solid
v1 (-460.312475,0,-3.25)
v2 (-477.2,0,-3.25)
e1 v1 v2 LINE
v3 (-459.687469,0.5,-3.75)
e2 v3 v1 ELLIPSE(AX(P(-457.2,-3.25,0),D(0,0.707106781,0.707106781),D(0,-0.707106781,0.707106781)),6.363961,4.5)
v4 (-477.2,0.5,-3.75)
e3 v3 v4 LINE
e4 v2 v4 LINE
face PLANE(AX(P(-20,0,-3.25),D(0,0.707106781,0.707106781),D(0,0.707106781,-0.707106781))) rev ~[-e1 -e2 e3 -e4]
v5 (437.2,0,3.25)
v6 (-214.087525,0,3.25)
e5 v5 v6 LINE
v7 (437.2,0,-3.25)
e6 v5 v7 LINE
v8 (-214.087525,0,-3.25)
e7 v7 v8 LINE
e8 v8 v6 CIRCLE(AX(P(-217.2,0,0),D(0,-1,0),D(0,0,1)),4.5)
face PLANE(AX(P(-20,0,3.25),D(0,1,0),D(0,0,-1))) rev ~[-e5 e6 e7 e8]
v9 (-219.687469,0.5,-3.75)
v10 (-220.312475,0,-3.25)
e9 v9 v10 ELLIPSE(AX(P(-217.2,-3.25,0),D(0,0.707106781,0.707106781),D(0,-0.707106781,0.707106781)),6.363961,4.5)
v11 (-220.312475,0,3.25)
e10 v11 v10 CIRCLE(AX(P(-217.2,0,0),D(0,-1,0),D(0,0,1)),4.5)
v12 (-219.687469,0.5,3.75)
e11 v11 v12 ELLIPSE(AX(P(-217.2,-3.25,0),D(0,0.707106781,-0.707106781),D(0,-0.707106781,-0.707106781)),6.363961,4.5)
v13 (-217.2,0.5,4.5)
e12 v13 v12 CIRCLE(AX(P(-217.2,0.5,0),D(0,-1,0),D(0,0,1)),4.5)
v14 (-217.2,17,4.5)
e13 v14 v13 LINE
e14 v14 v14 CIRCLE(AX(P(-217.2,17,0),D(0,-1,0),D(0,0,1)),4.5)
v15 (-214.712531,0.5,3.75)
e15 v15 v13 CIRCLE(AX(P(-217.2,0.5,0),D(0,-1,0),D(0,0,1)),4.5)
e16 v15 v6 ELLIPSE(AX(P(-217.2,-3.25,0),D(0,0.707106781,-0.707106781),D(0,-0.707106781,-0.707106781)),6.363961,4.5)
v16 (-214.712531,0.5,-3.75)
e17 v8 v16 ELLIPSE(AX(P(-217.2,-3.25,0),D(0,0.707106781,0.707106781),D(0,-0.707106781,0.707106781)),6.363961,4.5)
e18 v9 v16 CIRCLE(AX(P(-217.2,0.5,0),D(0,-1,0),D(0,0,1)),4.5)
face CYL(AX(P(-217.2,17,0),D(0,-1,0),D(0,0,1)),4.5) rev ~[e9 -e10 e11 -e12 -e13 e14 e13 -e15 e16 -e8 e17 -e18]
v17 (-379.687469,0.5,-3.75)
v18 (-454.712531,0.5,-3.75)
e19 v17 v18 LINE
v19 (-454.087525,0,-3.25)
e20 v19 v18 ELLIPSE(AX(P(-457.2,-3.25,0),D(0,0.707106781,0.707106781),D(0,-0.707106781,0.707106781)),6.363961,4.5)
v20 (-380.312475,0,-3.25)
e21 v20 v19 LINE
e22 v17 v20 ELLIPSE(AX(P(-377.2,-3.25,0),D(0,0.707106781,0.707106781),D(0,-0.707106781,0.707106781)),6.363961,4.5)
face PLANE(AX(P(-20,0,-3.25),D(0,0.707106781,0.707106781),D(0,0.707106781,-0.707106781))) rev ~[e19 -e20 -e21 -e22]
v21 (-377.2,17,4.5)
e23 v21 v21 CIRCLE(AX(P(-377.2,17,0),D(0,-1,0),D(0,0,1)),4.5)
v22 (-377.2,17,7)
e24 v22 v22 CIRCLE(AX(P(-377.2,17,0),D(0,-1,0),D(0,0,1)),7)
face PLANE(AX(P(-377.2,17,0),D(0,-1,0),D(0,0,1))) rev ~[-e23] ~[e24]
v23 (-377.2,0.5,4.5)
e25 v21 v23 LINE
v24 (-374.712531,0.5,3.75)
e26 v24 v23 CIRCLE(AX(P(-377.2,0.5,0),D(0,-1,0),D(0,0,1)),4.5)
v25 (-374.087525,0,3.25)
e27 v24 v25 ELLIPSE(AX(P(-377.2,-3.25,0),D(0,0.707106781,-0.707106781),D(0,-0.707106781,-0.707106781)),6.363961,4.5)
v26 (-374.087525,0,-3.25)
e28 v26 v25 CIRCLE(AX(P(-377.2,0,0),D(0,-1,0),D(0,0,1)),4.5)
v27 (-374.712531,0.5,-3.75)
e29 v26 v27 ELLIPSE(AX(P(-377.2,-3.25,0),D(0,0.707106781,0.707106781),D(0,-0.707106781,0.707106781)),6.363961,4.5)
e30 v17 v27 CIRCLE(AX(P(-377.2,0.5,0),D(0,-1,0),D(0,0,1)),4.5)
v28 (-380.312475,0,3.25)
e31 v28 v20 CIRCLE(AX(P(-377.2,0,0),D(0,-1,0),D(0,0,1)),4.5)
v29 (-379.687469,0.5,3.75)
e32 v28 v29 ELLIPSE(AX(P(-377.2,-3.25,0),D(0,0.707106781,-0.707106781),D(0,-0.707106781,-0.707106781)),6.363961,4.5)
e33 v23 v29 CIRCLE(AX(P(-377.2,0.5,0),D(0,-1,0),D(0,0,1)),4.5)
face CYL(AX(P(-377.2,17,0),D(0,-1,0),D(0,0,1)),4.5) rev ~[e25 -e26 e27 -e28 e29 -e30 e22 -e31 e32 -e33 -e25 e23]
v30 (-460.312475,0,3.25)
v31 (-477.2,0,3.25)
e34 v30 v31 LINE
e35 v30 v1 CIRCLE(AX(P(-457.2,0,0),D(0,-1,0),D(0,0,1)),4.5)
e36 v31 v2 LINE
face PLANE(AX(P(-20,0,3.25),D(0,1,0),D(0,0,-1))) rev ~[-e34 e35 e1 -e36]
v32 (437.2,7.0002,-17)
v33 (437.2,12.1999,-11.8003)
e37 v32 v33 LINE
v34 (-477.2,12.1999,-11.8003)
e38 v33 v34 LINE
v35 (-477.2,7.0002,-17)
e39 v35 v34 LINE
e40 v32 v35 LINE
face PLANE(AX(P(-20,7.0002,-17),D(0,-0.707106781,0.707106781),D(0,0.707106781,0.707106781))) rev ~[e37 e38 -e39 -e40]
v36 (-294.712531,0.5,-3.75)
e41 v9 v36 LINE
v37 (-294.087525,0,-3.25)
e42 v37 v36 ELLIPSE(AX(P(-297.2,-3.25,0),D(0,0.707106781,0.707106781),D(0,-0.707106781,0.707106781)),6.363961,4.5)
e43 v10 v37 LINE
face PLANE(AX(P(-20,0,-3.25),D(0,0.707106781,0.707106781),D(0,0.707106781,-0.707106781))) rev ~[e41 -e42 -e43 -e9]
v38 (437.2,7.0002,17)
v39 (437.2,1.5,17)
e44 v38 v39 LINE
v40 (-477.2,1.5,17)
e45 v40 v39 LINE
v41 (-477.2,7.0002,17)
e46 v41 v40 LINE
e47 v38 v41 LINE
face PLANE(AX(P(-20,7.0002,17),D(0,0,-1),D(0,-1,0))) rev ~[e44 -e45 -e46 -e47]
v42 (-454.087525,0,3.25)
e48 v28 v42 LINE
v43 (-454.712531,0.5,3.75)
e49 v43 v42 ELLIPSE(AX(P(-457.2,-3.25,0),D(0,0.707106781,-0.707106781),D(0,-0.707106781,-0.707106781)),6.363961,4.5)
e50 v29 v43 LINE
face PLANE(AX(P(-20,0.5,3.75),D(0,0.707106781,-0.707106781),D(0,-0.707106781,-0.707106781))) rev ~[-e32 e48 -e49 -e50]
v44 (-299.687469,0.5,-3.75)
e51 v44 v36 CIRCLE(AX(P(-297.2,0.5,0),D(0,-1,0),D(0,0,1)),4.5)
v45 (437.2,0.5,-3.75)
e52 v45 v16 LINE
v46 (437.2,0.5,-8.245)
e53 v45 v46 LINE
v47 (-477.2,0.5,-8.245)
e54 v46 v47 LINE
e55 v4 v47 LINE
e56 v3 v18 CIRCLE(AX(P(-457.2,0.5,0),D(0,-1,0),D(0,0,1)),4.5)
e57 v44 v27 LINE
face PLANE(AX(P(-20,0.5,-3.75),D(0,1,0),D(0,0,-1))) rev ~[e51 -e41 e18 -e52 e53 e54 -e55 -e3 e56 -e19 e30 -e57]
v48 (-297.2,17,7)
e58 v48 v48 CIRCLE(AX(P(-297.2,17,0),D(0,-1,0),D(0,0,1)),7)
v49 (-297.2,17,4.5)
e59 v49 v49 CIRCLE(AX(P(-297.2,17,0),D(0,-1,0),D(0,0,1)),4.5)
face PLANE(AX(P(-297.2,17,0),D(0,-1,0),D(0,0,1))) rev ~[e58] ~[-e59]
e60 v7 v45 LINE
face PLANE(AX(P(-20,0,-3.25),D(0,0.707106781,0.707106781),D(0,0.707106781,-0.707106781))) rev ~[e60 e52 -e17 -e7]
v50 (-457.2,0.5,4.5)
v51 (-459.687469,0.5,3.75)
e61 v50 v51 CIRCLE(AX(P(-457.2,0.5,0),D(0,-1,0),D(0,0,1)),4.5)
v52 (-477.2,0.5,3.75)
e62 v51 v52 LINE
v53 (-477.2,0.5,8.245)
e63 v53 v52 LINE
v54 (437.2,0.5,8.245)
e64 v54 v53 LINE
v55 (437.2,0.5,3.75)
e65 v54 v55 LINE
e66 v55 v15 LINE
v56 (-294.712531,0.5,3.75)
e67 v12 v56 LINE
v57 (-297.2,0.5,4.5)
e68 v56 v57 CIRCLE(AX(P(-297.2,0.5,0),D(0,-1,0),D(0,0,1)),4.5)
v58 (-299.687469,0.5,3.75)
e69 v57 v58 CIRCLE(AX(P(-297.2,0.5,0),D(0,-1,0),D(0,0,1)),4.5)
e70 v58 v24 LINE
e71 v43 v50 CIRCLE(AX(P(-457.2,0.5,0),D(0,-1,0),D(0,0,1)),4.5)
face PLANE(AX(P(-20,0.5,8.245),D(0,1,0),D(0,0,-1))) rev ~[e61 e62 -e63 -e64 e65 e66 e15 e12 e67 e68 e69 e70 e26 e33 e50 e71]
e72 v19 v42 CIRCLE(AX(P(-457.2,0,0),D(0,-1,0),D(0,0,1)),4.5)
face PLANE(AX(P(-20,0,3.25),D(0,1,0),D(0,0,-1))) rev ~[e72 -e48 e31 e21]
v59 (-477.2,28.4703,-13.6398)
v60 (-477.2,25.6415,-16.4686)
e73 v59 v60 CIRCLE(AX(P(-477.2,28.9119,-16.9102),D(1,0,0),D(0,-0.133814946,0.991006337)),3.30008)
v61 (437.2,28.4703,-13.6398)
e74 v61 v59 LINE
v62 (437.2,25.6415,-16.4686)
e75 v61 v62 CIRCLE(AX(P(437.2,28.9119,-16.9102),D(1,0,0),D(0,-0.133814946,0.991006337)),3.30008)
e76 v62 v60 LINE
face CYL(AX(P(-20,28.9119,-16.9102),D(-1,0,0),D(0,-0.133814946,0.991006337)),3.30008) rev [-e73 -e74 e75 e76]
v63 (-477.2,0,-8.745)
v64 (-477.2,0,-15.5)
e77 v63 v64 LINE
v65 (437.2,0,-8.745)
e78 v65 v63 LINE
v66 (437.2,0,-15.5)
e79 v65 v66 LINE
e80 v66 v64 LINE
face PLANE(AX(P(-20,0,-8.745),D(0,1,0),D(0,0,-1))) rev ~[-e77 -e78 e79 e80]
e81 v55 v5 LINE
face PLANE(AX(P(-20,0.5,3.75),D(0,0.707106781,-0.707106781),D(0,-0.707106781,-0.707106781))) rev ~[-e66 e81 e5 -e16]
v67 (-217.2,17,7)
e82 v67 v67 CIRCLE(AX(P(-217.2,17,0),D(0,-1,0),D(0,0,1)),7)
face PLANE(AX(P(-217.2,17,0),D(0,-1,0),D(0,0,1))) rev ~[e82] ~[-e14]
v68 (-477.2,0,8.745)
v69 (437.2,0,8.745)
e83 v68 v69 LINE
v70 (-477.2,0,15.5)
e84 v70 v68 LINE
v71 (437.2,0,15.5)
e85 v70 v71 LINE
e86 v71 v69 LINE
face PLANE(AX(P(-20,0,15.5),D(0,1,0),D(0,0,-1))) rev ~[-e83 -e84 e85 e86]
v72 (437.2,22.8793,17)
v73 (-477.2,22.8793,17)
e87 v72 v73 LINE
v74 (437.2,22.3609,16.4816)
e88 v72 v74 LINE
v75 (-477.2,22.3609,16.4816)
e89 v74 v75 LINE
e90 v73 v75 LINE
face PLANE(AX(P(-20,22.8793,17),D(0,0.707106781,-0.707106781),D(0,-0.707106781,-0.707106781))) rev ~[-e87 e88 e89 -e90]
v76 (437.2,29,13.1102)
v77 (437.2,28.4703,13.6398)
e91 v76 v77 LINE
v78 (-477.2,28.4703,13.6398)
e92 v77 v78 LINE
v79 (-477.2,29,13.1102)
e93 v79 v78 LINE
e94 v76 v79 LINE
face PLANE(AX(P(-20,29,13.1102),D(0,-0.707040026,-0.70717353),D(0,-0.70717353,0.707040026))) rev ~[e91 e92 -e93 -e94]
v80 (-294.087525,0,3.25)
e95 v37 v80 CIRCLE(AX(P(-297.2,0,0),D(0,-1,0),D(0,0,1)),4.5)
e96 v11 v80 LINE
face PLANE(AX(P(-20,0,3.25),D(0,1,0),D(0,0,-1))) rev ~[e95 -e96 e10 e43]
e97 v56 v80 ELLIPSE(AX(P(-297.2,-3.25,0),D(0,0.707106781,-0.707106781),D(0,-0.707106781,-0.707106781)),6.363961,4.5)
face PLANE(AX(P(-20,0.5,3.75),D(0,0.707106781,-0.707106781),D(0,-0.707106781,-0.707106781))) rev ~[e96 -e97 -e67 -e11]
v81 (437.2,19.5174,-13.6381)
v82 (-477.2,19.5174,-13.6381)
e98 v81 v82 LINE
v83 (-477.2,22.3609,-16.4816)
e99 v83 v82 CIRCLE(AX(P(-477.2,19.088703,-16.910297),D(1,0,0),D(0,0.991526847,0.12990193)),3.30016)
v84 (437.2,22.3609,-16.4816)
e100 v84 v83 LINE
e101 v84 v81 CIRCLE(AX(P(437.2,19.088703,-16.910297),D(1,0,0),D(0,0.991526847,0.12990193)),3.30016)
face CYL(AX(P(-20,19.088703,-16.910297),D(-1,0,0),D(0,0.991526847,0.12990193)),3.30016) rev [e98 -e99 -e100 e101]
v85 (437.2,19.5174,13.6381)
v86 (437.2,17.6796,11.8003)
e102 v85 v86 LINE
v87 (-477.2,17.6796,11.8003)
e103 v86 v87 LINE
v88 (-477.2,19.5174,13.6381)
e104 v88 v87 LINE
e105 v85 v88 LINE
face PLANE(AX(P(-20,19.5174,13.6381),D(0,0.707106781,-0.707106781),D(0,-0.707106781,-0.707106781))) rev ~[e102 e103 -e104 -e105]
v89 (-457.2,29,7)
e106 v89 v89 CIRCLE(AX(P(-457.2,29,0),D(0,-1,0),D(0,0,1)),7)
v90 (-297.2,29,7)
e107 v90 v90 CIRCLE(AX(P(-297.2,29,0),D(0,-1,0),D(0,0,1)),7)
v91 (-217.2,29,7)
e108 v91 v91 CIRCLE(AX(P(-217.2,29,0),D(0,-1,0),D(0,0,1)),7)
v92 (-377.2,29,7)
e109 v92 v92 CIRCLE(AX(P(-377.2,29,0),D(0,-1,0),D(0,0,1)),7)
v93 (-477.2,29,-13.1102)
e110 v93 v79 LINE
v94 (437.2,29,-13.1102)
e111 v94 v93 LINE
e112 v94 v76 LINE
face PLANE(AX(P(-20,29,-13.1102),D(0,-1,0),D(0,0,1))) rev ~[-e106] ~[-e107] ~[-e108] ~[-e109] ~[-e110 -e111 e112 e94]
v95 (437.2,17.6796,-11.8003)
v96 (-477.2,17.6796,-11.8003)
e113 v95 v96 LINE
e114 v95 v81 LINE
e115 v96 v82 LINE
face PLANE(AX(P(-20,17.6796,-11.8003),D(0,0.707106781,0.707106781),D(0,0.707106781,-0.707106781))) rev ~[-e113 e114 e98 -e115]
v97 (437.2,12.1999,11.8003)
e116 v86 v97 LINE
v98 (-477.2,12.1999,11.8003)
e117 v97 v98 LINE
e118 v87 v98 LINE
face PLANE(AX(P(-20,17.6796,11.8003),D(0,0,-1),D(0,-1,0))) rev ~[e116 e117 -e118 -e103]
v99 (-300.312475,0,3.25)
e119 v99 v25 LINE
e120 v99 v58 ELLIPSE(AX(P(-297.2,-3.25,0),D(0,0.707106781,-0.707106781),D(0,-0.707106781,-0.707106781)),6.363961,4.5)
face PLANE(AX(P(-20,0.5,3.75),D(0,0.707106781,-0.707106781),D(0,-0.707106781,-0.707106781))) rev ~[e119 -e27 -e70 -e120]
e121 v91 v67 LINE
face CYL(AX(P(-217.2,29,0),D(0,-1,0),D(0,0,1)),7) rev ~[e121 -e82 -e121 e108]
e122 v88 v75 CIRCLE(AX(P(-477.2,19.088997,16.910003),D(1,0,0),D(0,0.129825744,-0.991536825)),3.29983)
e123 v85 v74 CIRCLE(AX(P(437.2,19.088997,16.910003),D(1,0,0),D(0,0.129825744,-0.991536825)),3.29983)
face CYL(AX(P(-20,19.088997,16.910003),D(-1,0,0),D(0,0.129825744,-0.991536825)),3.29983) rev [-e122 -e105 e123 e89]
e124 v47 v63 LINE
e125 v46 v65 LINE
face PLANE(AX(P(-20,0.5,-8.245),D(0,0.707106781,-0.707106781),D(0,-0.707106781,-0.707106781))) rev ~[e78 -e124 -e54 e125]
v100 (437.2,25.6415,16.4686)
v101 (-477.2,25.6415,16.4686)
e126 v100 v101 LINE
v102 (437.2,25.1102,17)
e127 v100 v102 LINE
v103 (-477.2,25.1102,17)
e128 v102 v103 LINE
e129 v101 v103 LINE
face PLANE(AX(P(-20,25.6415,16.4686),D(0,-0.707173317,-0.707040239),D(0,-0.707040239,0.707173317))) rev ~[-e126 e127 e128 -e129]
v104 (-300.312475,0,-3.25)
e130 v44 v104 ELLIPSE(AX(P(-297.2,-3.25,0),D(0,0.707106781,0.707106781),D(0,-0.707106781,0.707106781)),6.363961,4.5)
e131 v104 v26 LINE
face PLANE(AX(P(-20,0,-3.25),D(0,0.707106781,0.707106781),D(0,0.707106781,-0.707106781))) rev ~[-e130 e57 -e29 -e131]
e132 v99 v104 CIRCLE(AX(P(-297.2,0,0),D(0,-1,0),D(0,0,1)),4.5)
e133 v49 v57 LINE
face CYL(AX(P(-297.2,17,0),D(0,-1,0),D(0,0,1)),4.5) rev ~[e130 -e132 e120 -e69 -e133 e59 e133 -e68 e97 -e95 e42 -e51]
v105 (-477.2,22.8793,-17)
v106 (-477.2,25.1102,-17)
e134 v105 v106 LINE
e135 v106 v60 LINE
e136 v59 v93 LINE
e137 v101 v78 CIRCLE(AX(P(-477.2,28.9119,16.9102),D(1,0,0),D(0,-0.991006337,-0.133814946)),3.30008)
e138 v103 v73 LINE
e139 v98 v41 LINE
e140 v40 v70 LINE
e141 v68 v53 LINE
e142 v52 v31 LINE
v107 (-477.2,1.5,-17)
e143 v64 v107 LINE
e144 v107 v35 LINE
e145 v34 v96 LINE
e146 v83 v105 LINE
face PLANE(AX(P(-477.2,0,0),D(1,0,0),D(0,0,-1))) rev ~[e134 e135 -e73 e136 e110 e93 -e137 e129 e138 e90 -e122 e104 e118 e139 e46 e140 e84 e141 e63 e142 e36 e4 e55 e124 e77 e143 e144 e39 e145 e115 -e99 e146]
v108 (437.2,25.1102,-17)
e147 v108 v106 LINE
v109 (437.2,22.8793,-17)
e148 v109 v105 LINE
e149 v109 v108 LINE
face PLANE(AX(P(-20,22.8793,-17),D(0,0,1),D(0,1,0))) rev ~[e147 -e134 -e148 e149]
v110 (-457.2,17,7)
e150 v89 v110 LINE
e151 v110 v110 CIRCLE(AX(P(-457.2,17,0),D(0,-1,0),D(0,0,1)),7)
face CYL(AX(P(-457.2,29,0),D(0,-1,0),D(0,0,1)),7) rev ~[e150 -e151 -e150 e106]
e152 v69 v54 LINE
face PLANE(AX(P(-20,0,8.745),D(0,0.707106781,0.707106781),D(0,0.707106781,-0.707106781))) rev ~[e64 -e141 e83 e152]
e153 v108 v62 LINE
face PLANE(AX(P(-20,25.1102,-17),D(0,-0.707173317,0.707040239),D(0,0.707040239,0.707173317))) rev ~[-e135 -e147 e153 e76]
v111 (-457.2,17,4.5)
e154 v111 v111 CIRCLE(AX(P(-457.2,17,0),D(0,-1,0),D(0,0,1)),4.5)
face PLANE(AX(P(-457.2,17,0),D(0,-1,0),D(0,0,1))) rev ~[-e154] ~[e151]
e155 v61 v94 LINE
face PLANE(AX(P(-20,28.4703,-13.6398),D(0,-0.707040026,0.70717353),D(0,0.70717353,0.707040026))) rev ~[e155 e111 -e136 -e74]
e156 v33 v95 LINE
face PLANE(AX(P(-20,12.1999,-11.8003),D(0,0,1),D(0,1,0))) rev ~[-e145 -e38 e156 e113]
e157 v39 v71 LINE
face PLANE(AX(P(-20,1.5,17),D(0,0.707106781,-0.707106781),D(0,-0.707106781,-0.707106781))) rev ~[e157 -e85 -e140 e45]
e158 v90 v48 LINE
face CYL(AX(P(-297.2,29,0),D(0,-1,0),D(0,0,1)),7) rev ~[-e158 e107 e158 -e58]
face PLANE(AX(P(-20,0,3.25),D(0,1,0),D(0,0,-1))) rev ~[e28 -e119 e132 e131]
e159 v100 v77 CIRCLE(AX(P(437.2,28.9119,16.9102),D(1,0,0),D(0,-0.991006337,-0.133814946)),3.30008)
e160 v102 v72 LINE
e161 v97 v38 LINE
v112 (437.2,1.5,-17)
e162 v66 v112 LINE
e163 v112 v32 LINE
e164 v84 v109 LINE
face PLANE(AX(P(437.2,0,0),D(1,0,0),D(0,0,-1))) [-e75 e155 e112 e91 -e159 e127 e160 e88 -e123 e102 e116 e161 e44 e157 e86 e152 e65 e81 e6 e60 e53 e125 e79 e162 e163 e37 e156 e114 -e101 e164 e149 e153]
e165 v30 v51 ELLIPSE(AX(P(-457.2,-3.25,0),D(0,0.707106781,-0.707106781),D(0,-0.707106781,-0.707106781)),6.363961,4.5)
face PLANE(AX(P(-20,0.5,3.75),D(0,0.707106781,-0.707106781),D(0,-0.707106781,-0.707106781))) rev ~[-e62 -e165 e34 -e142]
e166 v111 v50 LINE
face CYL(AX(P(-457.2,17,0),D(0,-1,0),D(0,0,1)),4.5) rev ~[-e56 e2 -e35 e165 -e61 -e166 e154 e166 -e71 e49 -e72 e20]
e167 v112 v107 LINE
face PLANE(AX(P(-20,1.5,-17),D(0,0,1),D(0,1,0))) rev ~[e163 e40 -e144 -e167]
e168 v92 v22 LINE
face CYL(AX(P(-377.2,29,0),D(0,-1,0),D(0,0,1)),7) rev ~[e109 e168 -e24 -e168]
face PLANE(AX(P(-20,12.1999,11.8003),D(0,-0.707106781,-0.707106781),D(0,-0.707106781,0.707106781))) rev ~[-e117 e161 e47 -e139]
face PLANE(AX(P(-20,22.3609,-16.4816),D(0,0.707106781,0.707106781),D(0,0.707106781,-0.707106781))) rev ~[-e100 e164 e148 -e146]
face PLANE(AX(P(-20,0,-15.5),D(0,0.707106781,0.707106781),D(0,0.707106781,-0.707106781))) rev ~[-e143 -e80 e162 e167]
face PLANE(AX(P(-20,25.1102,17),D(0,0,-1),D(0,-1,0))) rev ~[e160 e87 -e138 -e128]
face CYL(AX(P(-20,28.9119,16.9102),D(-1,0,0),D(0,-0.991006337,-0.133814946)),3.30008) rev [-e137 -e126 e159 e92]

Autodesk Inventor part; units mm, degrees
sketch "Sketch_18" plane through (-20, 0, 0) normal (1, 0, 0) x (0, 0, -1)
  line L0 (-17, 1.5) -> (-15.5, 0)
  line L1 (-15.5, 0) -> (-8.745, 0)
  line L2 (-8.745, 0) -> (-8.245, 0.5)
  line L3 (-8.245, 0.5) -> (-3.75, 0.5)
  line L4 (-3.75, 0.5) -> (-3.25, 0)
  line L5 (-3.25, 0) -> (3.25, 0)
  line L6 (3.25, 0) -> (3.75, 0.5)
  line L7 (3.75, 0.5) -> (8.245, 0.5)
  line L8 (8.245, 0.5) -> (8.745, 0)
  line L9 (8.745, 0) -> (15.5, 0)
  line L10 (15.5, 0) -> (17, 1.5)
  line L11 (17, 1.5) -> (17, 7.0002)
  line L12 (17, 7.0002) -> (11.8003, 12.1999)
  line L13 (11.8003, 12.1999) -> (11.8003, 17.6796)
  line L14 (11.8003, 17.6796) -> (13.6381, 19.5174)
  arc A0 (16.4816, 22.3609) -> (13.6381, 19.5174) centre (16.9102, 19.0889) ccw
  line L15 (16.4816, 22.3609) -> (17, 22.8793)
  line L16 (17, 22.8793) -> (17, 25.1102)
  line L17 (17, 25.1102) -> (16.4686, 25.6415)
  arc A1 (13.6398, 28.4703) -> (16.4686, 25.6415) centre (16.9102, 28.9119) ccw
  line L18 (13.6398, 28.4703) -> (13.1102, 29)
  line L19 (13.1102, 29) -> (-13.1102, 29)
  line L20 (-13.1102, 29) -> (-13.6398, 28.4703)
  arc A2 (-16.4686, 25.6415) -> (-13.6398, 28.4703) centre (-16.9102, 28.9119) ccw
  line L21 (-16.4686, 25.6415) -> (-17, 25.1102)
  line L22 (-17, 25.1102) -> (-17, 22.8793)
  line L23 (-17, 22.8793) -> (-16.4816, 22.3609)
  arc A3 (-13.6381, 19.5174) -> (-16.4816, 22.3609) centre (-16.9102, 19.0889) ccw
  line L24 (-13.6381, 19.5174) -> (-11.8003, 17.6796)
  line L25 (-11.8003, 17.6796) -> (-11.8003, 12.1999)
  line L26 (-11.8003, 12.1999) -> (-17, 7.0002)
  line L27 (-17, 7.0002) -> (-17, 1.5)
extrude "Extrusion1" add sketch "Sketch_18" along normal mid plane 914.4
sketch "Sketch2" plane through (-477.2, 29, 13.1102) normal (0, 1, 0) x (1, 0, 0)
  point P0 (20, 13.1102)
hole "Hole1" at (-457.2, 29, 0) direction (0, -1, 0) diameter 9 depth 29 counterbore diameter 14 counterbore depth 12
pattern_linear "Rectangular Pattern1" count 4 spacing 80 along (1, 0, 0) of "Hole1"
ref_plane "4dummy_XY" through (0, 0, 0) normal (1, 0, 0) x (0, 0, -1)
ref_plane "4dummy_YZ" through (0, 0, 0) normal (0, 0, -1) x (0, 1, 0)
ref_plane "4dummy_ZX" through (0, 0, 0) normal (0, 1, 0) x (1, 0, 0)
ref_plane "4slide_XY" through (-20, 7.5, 0) normal (1, 0, 0) x (0, 0, -1)
ref_plane "4slide_YZ" through (-20, 7.5, 0) normal (0, 0, -1) x (0, 1, 0)
ref_plane "4slide_ZX" through (-20, 7.5, 0) normal (0, 1, 0) x (1, 0, 0)
ref_plane "4track_XY" through (0, 0, 0) normal (0, 0, 1) x (1, 0, 0)
ref_plane "4track_YZ" through (0, 0, 0) normal (1, 0, 0) x (0, 1, 0)
ref_plane "4track_ZX" through (0, 0, 0) normal (0, 1, 0) x (0, 0, 1)
properties part number "HSR35R128020 Rail"
